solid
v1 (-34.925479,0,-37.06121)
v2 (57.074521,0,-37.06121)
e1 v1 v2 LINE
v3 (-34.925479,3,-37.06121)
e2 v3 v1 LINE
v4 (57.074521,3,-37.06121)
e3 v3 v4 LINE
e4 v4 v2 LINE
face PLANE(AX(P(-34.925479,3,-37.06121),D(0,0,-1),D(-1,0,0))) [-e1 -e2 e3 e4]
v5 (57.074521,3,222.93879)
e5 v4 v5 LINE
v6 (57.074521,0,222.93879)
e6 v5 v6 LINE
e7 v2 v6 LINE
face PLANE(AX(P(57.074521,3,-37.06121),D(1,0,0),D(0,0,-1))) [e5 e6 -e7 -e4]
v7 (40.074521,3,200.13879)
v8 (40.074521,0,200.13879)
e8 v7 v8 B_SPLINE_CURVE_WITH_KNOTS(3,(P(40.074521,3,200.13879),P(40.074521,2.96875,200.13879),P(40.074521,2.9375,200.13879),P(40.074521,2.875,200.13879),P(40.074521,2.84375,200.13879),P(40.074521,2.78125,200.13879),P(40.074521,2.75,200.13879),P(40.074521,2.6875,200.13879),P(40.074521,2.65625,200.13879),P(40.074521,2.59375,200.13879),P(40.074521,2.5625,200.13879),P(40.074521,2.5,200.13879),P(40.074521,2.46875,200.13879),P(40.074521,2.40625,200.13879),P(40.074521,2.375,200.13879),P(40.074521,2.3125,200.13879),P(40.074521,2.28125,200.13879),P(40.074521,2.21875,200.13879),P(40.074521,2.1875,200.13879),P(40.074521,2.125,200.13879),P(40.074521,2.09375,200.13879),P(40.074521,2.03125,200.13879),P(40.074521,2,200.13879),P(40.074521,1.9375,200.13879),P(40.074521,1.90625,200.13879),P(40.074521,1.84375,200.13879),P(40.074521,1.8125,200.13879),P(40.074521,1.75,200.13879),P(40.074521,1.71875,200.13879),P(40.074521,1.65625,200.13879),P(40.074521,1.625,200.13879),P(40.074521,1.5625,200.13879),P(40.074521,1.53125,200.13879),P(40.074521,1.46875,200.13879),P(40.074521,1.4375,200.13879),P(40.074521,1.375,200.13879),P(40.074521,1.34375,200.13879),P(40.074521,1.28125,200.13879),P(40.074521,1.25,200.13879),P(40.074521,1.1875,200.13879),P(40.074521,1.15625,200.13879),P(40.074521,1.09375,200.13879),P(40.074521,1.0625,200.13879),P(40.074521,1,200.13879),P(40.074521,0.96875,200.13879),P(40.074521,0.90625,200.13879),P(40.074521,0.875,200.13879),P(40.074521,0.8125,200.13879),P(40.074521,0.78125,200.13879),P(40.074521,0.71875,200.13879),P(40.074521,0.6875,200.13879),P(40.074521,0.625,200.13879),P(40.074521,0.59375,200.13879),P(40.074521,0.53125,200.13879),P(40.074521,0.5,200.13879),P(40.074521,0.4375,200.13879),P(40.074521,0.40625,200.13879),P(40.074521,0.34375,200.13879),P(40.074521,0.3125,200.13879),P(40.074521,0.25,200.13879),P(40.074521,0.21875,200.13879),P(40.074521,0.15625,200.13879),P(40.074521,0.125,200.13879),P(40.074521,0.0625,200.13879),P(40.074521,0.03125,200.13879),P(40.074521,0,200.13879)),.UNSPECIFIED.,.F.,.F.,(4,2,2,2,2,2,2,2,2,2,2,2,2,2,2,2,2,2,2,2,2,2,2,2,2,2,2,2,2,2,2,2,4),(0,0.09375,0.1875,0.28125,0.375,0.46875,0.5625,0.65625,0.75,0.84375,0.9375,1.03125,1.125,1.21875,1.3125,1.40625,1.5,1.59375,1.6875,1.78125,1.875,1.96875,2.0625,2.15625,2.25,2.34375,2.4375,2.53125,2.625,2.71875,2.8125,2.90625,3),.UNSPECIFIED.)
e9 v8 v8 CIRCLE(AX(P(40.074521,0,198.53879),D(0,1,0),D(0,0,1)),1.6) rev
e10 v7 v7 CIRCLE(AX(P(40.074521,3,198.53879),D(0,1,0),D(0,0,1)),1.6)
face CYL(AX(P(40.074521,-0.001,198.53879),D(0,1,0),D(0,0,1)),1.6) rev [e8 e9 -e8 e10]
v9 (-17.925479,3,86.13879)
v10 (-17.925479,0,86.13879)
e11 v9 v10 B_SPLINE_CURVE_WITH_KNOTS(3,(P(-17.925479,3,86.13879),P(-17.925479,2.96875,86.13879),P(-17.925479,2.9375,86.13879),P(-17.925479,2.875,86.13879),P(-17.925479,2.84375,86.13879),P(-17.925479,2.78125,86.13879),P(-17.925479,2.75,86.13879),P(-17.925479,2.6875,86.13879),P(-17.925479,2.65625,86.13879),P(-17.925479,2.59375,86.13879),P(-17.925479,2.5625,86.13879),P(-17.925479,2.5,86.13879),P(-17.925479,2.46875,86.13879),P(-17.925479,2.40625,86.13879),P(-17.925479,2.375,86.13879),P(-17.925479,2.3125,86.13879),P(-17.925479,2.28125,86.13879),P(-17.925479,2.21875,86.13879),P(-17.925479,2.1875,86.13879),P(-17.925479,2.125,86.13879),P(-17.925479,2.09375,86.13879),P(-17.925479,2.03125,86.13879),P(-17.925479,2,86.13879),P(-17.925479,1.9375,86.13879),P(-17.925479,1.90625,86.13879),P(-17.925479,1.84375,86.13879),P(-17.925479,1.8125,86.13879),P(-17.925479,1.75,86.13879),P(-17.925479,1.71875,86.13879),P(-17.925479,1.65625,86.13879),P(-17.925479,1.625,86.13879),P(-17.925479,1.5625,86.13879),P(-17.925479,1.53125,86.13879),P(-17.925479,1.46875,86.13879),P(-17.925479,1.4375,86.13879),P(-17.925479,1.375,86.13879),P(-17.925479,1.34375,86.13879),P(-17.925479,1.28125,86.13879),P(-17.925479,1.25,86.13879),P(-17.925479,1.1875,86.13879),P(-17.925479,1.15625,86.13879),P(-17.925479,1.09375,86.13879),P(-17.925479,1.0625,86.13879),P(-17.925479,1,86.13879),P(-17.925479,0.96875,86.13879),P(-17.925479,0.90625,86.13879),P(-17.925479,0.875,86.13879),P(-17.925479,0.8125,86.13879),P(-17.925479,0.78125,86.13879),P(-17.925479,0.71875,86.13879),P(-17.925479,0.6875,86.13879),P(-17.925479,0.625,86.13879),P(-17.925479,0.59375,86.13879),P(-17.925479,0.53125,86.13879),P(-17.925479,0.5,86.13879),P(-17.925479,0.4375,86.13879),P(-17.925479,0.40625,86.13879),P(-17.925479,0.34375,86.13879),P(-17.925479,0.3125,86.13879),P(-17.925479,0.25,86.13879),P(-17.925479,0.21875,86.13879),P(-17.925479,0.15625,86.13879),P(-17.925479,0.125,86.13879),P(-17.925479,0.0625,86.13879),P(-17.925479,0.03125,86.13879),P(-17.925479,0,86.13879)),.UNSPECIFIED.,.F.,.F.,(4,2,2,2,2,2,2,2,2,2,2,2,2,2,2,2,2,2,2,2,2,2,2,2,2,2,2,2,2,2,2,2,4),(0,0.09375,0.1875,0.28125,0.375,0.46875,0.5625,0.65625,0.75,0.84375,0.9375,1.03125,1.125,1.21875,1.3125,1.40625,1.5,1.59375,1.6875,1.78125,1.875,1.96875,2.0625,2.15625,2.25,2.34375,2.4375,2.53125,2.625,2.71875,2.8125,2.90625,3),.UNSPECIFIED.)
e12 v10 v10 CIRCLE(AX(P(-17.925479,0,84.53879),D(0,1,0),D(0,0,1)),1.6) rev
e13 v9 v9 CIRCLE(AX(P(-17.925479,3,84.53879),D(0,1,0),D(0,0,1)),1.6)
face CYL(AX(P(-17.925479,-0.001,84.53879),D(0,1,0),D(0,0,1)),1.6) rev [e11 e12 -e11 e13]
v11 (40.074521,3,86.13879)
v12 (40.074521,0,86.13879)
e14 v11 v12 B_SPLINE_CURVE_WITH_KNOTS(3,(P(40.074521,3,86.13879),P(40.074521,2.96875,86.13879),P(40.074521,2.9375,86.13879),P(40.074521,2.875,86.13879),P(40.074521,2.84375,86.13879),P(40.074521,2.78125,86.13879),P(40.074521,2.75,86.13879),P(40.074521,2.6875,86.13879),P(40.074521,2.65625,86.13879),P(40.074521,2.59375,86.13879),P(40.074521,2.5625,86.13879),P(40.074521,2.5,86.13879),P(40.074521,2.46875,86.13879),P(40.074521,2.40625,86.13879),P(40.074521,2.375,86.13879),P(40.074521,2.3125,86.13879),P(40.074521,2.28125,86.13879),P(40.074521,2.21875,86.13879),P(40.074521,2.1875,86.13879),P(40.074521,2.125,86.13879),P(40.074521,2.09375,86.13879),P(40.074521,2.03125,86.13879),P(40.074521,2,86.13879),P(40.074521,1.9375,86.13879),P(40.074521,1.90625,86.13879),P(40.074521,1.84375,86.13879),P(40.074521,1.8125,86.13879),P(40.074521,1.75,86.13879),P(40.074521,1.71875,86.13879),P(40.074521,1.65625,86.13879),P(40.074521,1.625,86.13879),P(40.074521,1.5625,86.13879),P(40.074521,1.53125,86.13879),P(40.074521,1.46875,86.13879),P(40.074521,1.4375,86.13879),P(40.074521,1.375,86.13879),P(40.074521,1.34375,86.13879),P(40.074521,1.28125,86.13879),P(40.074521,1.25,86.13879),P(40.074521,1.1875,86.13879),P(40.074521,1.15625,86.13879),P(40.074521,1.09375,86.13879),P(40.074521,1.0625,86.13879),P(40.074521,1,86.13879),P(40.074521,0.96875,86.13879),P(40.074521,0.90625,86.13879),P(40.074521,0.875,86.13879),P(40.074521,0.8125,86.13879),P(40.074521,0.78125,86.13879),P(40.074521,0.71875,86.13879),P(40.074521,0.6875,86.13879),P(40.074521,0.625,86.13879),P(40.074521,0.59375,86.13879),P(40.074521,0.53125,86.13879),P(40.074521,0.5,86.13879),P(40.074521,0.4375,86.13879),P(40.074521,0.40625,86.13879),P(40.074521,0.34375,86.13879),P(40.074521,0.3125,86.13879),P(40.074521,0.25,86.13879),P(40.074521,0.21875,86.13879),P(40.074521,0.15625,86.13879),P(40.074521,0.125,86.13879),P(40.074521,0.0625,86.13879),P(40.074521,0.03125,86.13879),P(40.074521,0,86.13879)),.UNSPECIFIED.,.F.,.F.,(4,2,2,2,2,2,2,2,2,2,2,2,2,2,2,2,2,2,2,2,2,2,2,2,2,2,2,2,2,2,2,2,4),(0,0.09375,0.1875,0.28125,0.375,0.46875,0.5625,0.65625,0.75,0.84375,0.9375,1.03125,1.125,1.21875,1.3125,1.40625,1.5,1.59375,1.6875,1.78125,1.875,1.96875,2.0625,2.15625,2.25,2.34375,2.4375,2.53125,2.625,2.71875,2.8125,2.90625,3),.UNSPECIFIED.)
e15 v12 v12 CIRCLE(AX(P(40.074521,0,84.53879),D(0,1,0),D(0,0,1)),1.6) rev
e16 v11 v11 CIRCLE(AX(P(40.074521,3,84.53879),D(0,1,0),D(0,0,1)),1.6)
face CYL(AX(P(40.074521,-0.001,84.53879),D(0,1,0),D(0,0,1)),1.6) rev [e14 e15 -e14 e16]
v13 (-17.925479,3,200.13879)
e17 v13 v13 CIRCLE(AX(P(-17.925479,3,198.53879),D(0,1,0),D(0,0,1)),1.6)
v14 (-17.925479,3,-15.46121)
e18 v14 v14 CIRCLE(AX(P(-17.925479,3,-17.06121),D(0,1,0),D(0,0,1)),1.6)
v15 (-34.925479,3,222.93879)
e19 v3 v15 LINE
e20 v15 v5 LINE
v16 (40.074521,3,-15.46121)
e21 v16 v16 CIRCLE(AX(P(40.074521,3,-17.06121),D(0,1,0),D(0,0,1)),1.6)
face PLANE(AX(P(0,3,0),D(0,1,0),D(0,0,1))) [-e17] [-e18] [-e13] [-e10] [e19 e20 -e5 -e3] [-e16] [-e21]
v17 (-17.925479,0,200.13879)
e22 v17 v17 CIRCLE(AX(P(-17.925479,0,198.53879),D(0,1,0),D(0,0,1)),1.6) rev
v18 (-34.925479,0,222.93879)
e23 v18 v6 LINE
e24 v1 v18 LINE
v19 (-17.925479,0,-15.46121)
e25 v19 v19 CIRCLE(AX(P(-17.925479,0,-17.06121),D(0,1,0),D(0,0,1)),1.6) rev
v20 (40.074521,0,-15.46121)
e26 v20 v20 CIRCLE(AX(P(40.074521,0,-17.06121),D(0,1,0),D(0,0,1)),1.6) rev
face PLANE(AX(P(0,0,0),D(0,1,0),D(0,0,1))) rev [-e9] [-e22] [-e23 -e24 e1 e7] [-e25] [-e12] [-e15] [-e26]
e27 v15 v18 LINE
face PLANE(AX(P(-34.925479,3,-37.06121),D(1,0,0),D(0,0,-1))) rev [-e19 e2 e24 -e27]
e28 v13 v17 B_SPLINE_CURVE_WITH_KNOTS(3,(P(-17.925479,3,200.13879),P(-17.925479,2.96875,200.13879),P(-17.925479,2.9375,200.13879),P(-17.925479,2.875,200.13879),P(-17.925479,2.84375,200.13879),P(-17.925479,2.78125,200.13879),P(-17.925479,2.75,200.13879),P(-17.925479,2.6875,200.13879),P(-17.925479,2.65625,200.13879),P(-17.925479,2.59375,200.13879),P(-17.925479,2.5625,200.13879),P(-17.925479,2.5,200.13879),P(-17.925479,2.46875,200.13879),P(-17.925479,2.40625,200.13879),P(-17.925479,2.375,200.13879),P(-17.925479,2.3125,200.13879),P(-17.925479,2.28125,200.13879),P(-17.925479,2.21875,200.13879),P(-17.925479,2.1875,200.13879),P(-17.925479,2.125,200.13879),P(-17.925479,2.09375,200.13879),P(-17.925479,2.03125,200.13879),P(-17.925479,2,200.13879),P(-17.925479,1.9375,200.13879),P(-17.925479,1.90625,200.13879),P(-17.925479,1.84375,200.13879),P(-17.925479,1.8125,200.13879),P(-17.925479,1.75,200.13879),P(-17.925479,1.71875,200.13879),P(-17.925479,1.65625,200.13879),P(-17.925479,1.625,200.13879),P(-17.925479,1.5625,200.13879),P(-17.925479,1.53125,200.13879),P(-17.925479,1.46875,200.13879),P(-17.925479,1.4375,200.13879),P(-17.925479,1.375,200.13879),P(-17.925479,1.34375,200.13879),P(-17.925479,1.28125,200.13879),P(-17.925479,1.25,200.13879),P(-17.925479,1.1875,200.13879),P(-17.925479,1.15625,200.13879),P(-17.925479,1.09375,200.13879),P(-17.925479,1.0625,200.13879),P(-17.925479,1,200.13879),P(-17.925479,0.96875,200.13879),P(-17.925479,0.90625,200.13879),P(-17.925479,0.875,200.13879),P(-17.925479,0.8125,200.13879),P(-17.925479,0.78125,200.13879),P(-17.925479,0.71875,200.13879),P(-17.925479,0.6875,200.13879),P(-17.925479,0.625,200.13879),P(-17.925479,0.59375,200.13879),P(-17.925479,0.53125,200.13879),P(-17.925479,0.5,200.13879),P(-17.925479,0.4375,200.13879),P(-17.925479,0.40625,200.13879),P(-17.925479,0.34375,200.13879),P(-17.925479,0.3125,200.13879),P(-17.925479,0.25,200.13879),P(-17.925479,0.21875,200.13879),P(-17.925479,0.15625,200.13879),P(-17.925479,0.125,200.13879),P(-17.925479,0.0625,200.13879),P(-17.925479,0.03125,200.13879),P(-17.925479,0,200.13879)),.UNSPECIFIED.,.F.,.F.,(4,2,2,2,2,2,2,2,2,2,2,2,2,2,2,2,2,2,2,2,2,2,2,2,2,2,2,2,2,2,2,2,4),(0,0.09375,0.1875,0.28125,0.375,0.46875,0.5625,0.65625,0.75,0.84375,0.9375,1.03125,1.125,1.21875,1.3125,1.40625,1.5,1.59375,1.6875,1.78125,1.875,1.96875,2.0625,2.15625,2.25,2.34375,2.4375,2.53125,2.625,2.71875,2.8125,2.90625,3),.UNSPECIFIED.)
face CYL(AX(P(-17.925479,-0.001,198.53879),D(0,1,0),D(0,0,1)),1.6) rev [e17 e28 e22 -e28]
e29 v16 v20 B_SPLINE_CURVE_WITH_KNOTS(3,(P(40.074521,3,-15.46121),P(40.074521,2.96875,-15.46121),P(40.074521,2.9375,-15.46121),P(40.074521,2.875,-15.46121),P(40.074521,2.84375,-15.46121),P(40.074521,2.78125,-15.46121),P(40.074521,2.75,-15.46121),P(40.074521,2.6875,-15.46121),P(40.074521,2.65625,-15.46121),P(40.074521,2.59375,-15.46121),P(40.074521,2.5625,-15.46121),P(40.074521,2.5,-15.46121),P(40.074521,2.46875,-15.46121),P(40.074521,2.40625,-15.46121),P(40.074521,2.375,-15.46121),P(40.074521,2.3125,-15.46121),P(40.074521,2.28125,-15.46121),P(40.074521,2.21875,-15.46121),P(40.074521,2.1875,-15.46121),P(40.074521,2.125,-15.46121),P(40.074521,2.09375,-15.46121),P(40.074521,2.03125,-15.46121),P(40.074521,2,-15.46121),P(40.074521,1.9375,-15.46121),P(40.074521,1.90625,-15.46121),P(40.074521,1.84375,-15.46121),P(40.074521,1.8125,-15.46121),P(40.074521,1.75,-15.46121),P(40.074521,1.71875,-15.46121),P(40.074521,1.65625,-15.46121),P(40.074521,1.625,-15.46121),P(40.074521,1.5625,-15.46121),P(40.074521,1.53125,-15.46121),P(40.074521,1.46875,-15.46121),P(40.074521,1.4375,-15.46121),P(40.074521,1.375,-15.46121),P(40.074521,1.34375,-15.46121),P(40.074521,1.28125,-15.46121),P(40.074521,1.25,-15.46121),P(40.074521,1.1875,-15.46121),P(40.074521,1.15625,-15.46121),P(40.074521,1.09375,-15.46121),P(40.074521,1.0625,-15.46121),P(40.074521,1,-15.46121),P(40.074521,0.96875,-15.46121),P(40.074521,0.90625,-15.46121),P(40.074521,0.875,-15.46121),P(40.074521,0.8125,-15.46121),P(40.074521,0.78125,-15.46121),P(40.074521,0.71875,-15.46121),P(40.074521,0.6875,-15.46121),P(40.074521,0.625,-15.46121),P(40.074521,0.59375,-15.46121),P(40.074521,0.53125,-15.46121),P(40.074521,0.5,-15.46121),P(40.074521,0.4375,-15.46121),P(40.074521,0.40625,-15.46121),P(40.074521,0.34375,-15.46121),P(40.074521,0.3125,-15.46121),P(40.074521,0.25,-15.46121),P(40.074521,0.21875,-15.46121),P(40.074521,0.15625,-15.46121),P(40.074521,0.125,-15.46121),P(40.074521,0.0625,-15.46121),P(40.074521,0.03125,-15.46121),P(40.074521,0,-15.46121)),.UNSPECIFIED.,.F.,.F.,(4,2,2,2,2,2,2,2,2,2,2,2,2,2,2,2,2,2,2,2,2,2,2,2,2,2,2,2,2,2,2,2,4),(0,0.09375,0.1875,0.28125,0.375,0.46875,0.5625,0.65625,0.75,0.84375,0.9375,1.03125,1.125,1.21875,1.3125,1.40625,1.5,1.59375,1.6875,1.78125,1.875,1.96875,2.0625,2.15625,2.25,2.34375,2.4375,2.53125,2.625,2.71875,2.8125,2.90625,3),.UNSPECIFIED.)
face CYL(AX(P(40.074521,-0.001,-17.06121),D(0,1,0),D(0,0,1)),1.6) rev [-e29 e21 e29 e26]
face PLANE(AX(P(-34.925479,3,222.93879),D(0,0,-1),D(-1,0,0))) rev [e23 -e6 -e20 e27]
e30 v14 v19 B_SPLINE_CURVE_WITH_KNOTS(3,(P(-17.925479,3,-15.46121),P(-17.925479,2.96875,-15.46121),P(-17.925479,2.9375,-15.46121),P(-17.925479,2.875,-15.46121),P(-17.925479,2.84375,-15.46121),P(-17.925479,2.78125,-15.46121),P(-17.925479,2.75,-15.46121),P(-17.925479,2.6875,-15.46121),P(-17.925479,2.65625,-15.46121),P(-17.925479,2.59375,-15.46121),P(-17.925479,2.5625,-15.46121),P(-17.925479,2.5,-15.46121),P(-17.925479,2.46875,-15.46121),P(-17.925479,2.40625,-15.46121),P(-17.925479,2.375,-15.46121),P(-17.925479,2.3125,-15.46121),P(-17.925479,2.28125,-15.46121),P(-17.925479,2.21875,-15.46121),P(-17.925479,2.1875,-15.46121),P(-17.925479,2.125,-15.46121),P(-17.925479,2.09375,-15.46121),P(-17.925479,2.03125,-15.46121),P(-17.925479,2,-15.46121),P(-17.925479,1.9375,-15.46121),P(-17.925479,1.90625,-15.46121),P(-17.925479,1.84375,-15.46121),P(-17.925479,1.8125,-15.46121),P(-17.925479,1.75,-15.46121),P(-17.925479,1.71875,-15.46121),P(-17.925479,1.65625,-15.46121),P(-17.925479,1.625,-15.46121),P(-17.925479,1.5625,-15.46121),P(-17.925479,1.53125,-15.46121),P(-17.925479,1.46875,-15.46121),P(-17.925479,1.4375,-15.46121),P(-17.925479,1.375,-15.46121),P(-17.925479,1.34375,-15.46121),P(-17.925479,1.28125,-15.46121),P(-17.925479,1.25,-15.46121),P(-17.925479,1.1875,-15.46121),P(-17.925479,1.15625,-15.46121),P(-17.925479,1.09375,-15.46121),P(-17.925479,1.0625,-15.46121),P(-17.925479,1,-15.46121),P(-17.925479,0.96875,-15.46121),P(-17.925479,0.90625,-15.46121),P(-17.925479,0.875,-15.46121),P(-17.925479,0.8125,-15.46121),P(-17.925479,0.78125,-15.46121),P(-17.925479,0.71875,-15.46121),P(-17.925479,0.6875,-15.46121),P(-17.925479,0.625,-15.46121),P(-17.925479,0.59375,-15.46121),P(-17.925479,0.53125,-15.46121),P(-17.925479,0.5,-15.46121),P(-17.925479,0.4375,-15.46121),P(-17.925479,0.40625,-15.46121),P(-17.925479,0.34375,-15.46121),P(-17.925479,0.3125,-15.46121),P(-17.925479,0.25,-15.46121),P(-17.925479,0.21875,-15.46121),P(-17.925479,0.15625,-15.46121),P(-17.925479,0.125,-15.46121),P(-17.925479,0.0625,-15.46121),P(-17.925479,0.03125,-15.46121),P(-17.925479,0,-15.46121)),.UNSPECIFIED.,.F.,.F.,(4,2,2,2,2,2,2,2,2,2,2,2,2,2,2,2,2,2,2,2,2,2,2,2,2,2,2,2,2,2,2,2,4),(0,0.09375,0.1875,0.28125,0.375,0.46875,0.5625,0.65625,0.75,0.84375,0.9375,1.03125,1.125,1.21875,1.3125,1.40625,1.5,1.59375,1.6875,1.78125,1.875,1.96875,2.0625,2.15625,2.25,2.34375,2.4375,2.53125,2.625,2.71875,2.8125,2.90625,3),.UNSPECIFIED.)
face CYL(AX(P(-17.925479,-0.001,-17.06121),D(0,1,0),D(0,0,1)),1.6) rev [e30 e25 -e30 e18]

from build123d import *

# Parameters (mm, degrees)
ESQUISSE1_W             = 92
ESQUISSE1_H             = 260
BOSS_EXTRU_1_DEPTH      = 3
ENL_V_MAT_EXTRU_1_REACH = 232.148
ESQUISSE2_R             = 1.6


with BuildPart() as part:
    # Esquisse1 → Boss.-Extru.1 (new body)
    with BuildSketch(Plane(origin=(0, 0, 0), x_dir=(1, 0, 0), z_dir=(0, 1, 0))):
        with Locations((11.0745208, -92.938790058)):
            Rectangle(ESQUISSE1_W, ESQUISSE1_H)
    extrude(amount=BOSS_EXTRU_1_DEPTH)

    # Esquisse2 → Enlèv. mat.-Extru.1 (cut, up to next)
    with BuildSketch(Plane(origin=(0, 3, 0), x_dir=(1, 0, 0), z_dir=(0, 1, 0)), mode=Mode.PRIVATE) as enl_v_mat_extru_1_sk1:
        with Locations(Location((-17.9254792, -198.538790058, 0), (0, 0, 270))):
            Circle(ESQUISSE2_R)
    enl_v_mat_extru_1_tool1 = extrude(enl_v_mat_extru_1_sk1.sketch, amount=-ENL_V_MAT_EXTRU_1_REACH, mode=Mode.PRIVATE) & part.part
    # Esquisse2 → Enlèv. mat.-Extru.1 (cut, up to next)
    with BuildSketch(Plane(origin=(0, 3, 0), x_dir=(1, 0, 0), z_dir=(0, 1, 0)), mode=Mode.PRIVATE) as enl_v_mat_extru_1_sk2:
        with Locations(Location((40.0745208, -198.538790058, 0), (0, 0, 270))):
            Circle(ESQUISSE2_R)
    enl_v_mat_extru_1_tool2 = extrude(enl_v_mat_extru_1_sk2.sketch, amount=-ENL_V_MAT_EXTRU_1_REACH, mode=Mode.PRIVATE) & part.part
    # Esquisse2 → Enlèv. mat.-Extru.1 (cut, up to next)
    with BuildSketch(Plane(origin=(0, 3, 0), x_dir=(1, 0, 0), z_dir=(0, 1, 0)), mode=Mode.PRIVATE) as enl_v_mat_extru_1_sk3:
        with Locations(Location((-17.9254792, -84.538790058, 0), (0, 0, 270))):
            Circle(ESQUISSE2_R)
    enl_v_mat_extru_1_tool3 = extrude(enl_v_mat_extru_1_sk3.sketch, amount=-ENL_V_MAT_EXTRU_1_REACH, mode=Mode.PRIVATE) & part.part
    # Esquisse2 → Enlèv. mat.-Extru.1 (cut, up to next)
    with BuildSketch(Plane(origin=(0, 3, 0), x_dir=(1, 0, 0), z_dir=(0, 1, 0)), mode=Mode.PRIVATE) as enl_v_mat_extru_1_sk4:
        with Locations(Location((40.0745208, -84.538790058, 0), (0, 0, 270))):
            Circle(ESQUISSE2_R)
    enl_v_mat_extru_1_tool4 = extrude(enl_v_mat_extru_1_sk4.sketch, amount=-ENL_V_MAT_EXTRU_1_REACH, mode=Mode.PRIVATE) & part.part
    # Esquisse2 → Enlèv. mat.-Extru.1 (cut, up to next)
    with BuildSketch(Plane(origin=(0, 3, 0), x_dir=(1, 0, 0), z_dir=(0, 1, 0)), mode=Mode.PRIVATE) as enl_v_mat_extru_1_sk5:
        with Locations(Location((-17.9254792, 17.061209942, 0), (0, 0, 270))):
            Circle(ESQUISSE2_R)
    enl_v_mat_extru_1_tool5 = extrude(enl_v_mat_extru_1_sk5.sketch, amount=-ENL_V_MAT_EXTRU_1_REACH, mode=Mode.PRIVATE) & part.part
    # Esquisse2 → Enlèv. mat.-Extru.1 (cut, up to next)
    with BuildSketch(Plane(origin=(0, 3, 0), x_dir=(1, 0, 0), z_dir=(0, 1, 0)), mode=Mode.PRIVATE) as enl_v_mat_extru_1_sk6:
        with Locations(Location((40.0745208, 17.061209942, 0), (0, 0, 270))):
            Circle(ESQUISSE2_R)
    enl_v_mat_extru_1_tool6 = extrude(enl_v_mat_extru_1_sk6.sketch, amount=-ENL_V_MAT_EXTRU_1_REACH, mode=Mode.PRIVATE) & part.part
    add(enl_v_mat_extru_1_tool1.solids().sort_by_distance((-17.925479, 3, 198.53879))[0], mode=Mode.SUBTRACT)
    add(enl_v_mat_extru_1_tool2.solids().sort_by_distance((40.074521, 3, 198.53879))[0], mode=Mode.SUBTRACT)
    add(enl_v_mat_extru_1_tool3.solids().sort_by_distance((-17.925479, 3, 84.53879))[0], mode=Mode.SUBTRACT)
    add(enl_v_mat_extru_1_tool4.solids().sort_by_distance((40.074521, 3, 84.53879))[0], mode=Mode.SUBTRACT)
    add(enl_v_mat_extru_1_tool5.solids().sort_by_distance((-17.925479, 3, -17.06121))[0], mode=Mode.SUBTRACT)
    add(enl_v_mat_extru_1_tool6.solids().sort_by_distance((40.074521, 3, -17.06121))[0], mode=Mode.SUBTRACT)


solid = part.part
